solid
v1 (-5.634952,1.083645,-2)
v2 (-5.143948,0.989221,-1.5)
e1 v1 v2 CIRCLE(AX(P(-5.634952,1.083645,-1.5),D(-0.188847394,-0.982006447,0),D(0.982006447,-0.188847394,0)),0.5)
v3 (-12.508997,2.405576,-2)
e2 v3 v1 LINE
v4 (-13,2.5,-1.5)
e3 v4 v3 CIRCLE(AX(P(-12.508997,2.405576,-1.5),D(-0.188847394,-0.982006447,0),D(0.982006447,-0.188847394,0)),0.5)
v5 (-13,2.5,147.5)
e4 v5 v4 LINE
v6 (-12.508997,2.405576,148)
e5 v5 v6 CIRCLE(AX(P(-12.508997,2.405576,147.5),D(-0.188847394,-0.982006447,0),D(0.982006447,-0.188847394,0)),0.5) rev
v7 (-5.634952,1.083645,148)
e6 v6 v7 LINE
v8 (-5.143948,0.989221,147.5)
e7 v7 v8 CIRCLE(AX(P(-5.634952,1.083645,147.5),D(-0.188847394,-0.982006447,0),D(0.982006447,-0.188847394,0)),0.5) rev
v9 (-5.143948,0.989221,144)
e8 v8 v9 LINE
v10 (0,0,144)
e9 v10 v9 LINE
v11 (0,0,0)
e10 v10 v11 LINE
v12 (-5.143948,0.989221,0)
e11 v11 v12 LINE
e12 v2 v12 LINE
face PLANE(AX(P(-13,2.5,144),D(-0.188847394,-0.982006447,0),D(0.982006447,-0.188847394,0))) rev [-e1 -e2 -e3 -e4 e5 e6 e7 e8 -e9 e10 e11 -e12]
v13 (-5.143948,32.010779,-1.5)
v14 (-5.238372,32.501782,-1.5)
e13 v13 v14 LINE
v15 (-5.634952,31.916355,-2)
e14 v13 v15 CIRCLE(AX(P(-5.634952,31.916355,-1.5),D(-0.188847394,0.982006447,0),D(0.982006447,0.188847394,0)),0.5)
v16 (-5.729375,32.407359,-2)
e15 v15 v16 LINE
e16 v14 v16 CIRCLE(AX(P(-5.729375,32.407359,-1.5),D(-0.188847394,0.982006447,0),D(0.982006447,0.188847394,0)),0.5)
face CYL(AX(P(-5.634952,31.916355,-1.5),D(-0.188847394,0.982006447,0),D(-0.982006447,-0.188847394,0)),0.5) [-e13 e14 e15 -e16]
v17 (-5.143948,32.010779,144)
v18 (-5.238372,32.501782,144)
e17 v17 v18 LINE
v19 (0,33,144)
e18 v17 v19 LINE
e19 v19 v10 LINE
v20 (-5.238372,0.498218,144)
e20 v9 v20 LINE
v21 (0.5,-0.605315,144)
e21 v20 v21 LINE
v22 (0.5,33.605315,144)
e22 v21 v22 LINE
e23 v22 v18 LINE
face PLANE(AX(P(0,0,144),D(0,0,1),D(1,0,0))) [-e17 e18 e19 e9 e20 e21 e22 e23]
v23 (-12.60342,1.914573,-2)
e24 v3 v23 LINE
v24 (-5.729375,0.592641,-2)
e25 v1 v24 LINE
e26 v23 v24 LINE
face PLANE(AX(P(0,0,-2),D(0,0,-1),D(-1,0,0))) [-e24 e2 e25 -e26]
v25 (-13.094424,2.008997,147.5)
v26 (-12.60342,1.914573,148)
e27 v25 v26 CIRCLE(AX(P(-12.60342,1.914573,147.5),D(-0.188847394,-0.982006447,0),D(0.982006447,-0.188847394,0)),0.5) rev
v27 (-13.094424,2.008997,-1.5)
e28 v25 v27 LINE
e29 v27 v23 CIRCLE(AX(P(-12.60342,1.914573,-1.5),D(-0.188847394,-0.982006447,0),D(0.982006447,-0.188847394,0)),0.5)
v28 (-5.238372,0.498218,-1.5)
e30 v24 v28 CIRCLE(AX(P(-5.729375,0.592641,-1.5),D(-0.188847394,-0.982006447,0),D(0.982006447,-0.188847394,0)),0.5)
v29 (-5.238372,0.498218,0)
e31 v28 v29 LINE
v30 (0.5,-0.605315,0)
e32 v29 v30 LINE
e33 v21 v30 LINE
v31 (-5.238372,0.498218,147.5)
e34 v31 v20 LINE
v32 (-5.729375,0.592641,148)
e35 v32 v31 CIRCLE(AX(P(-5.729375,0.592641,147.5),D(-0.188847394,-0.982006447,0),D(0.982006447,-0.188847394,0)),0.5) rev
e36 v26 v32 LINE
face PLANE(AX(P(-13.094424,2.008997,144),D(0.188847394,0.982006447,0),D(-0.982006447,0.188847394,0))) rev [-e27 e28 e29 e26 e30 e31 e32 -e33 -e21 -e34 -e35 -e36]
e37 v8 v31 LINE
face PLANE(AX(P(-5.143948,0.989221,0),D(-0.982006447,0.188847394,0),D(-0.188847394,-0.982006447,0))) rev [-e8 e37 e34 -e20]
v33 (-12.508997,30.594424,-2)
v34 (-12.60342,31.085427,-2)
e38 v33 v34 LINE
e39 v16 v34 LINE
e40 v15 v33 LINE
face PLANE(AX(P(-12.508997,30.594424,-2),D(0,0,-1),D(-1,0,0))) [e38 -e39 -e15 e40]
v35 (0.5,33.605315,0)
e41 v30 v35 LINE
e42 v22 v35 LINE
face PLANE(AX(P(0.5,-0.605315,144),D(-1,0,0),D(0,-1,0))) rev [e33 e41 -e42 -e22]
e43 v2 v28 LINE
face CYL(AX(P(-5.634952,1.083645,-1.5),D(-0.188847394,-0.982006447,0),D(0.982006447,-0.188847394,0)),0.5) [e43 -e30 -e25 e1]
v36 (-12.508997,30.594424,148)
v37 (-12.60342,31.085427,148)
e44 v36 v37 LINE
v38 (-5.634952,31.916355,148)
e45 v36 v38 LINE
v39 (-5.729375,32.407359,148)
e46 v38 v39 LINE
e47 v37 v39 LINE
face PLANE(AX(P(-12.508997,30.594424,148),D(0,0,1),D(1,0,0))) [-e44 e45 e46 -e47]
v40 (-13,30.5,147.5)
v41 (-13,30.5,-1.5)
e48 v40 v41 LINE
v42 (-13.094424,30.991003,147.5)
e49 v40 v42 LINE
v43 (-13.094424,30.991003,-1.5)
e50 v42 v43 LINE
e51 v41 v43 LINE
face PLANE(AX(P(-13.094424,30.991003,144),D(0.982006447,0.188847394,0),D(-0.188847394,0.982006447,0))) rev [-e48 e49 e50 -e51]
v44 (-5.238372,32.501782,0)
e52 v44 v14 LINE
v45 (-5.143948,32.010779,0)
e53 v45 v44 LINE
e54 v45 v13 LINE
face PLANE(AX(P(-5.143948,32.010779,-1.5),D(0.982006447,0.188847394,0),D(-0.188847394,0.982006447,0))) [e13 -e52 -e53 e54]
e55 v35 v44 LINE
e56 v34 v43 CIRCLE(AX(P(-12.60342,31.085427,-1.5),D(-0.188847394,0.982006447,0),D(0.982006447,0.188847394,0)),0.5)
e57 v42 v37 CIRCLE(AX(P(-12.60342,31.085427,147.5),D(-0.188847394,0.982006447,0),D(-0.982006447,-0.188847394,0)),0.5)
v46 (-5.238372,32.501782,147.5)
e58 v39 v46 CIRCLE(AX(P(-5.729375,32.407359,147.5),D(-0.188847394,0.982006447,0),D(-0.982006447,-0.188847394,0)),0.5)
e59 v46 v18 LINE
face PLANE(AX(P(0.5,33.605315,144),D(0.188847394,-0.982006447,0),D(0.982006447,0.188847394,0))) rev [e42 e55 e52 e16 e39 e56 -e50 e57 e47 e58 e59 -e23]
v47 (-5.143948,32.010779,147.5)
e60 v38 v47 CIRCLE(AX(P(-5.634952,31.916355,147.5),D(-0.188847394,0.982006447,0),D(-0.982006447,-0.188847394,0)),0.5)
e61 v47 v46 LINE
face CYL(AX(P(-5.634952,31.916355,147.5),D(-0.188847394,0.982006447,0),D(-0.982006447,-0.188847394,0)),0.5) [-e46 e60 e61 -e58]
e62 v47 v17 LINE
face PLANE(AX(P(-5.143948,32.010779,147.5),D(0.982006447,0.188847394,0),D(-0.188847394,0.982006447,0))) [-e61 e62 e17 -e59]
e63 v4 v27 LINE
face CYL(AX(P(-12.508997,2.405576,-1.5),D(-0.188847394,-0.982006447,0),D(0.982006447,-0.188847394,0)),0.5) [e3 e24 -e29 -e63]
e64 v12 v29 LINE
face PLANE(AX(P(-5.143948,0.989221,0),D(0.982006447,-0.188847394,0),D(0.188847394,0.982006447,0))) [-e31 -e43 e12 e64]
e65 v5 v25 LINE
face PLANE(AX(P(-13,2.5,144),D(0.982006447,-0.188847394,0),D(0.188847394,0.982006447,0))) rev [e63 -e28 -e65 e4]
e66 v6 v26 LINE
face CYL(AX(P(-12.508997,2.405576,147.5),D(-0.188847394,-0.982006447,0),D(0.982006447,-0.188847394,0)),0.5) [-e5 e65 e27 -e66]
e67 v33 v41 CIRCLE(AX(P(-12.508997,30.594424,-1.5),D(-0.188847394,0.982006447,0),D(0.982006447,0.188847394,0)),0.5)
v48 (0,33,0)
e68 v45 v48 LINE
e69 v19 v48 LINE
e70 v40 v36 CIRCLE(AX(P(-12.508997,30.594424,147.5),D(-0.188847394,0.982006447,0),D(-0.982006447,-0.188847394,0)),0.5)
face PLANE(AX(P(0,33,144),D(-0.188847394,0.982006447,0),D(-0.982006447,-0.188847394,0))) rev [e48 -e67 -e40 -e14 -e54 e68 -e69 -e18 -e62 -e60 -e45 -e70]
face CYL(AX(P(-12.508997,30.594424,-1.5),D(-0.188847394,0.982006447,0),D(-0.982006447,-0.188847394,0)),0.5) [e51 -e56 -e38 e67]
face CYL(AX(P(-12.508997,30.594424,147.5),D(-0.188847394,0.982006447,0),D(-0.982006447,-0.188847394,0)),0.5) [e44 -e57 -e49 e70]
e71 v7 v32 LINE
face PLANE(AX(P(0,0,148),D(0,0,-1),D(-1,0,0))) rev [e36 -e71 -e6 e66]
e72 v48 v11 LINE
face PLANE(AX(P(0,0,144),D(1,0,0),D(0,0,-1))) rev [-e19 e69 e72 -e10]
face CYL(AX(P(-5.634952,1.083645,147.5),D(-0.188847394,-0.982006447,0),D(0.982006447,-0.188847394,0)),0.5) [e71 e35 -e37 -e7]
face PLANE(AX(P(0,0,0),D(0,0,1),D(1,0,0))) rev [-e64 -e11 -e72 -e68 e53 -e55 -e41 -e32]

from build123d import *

# Parameters (mm, degrees)
BOSS_EXTRUDE1_DEPTH = 144
BOSS_EXTRUDE2_DEPTH = 0.5
BOSS_EXTRUDE3_DEPTH = 0.5


with BuildPart() as part:
    # Sketch1 → Boss-Extrude1 (new body)
    with BuildSketch(Plane.XY):
        Polygon((-13, 2.5), (0, 0), (0, 33), (-13, 30.5), (-13.094423697, 30.991003223), (0.5, 33.605315473), (0.5, -0.605315473), (-13.094423697, 2.008996777), align=None)
    extrude(amount=BOSS_EXTRUDE1_DEPTH)

    # Sketch2 → Boss-Extrude2 (add)
    with BuildSketch(Plane(origin=(-6.214252513, 32.314113067, 0), x_dir=(0.9820064469806473, 0.18884739365012462, 0), z_dir=(-0.18884739365012462, 0.9820064469806473, 0))):
        with BuildLine():
            Line((-7.006238304, 0), (-7.006238304, 1.5))
            ThreePointArc((-7.006238304, 1.5), (-6.859791695, 1.853553391), (-6.506238304, 2))
            Line((-6.506238304, 2), (0.493761696, 2))
            ThreePointArc((0.493761696, 2), (0.847315086, 1.853553391), (0.993761696, 1.5))
            Line((0.993761696, 1.5), (0.993761696, 0))
            Line((0.993761696, 0), (-7.006238304, 0))
        make_face()
        with BuildLine():
            Line((-7.006238304, -144), (-7.006238304, -147.5))
            ThreePointArc((-7.006238304, -147.5), (-6.859791695, -147.853553391), (-6.506238304, -148))
            Line((-6.506238304, -148), (0.493761696, -148))
            ThreePointArc((0.493761696, -148), (0.847315086, -147.853553391), (0.993761696, -147.5))
            Line((0.993761696, -147.5), (0.993761696, -144))
            Line((0.993761696, -144), (-7.006238304, -144))
        make_face()
    extrude(amount=-BOSS_EXTRUDE2_DEPTH)

    # Sketch3 → Boss-Extrude3 (add)
    with BuildSketch(Plane(origin=(-0.094423697, -0.491003223, 0), x_dir=(0.9820064469806474, -0.18884739365012435, 0), z_dir=(-0.18884739365012435, -0.9820064469806474, 0))):
        with BuildLine():
            Line((-13.238202295, 147.5), (-13.238202295, 144))
            Line((-13.238202295, 144), (-5.238202295, 144))
            Line((-5.238202295, 144), (-5.238202295, 147.5))
            ThreePointArc((-5.238202295, 147.5), (-5.384648904, 147.853553391), (-5.738202295, 148))
            Line((-5.738202295, 148), (-12.738202295, 148))
            ThreePointArc((-12.738202295, 148), (-13.091755685, 147.853553391), (-13.238202295, 147.5))
        make_face()
        with BuildLine():
            Line((-5.238202295, 0), (-13.238202295, 0))
            Line((-13.238202295, 0), (-13.238202295, -1.5))
            ThreePointArc((-13.238202295, -1.5), (-13.091755685, -1.853553391), (-12.738202295, -2))
            Line((-12.738202295, -2), (-5.738202295, -2))
            ThreePointArc((-5.738202295, -2), (-5.384648904, -1.853553391), (-5.238202295, -1.5))
            Line((-5.238202295, -1.5), (-5.238202295, 0))
        make_face()
    extrude(amount=-BOSS_EXTRUDE3_DEPTH)


solid = part.part
